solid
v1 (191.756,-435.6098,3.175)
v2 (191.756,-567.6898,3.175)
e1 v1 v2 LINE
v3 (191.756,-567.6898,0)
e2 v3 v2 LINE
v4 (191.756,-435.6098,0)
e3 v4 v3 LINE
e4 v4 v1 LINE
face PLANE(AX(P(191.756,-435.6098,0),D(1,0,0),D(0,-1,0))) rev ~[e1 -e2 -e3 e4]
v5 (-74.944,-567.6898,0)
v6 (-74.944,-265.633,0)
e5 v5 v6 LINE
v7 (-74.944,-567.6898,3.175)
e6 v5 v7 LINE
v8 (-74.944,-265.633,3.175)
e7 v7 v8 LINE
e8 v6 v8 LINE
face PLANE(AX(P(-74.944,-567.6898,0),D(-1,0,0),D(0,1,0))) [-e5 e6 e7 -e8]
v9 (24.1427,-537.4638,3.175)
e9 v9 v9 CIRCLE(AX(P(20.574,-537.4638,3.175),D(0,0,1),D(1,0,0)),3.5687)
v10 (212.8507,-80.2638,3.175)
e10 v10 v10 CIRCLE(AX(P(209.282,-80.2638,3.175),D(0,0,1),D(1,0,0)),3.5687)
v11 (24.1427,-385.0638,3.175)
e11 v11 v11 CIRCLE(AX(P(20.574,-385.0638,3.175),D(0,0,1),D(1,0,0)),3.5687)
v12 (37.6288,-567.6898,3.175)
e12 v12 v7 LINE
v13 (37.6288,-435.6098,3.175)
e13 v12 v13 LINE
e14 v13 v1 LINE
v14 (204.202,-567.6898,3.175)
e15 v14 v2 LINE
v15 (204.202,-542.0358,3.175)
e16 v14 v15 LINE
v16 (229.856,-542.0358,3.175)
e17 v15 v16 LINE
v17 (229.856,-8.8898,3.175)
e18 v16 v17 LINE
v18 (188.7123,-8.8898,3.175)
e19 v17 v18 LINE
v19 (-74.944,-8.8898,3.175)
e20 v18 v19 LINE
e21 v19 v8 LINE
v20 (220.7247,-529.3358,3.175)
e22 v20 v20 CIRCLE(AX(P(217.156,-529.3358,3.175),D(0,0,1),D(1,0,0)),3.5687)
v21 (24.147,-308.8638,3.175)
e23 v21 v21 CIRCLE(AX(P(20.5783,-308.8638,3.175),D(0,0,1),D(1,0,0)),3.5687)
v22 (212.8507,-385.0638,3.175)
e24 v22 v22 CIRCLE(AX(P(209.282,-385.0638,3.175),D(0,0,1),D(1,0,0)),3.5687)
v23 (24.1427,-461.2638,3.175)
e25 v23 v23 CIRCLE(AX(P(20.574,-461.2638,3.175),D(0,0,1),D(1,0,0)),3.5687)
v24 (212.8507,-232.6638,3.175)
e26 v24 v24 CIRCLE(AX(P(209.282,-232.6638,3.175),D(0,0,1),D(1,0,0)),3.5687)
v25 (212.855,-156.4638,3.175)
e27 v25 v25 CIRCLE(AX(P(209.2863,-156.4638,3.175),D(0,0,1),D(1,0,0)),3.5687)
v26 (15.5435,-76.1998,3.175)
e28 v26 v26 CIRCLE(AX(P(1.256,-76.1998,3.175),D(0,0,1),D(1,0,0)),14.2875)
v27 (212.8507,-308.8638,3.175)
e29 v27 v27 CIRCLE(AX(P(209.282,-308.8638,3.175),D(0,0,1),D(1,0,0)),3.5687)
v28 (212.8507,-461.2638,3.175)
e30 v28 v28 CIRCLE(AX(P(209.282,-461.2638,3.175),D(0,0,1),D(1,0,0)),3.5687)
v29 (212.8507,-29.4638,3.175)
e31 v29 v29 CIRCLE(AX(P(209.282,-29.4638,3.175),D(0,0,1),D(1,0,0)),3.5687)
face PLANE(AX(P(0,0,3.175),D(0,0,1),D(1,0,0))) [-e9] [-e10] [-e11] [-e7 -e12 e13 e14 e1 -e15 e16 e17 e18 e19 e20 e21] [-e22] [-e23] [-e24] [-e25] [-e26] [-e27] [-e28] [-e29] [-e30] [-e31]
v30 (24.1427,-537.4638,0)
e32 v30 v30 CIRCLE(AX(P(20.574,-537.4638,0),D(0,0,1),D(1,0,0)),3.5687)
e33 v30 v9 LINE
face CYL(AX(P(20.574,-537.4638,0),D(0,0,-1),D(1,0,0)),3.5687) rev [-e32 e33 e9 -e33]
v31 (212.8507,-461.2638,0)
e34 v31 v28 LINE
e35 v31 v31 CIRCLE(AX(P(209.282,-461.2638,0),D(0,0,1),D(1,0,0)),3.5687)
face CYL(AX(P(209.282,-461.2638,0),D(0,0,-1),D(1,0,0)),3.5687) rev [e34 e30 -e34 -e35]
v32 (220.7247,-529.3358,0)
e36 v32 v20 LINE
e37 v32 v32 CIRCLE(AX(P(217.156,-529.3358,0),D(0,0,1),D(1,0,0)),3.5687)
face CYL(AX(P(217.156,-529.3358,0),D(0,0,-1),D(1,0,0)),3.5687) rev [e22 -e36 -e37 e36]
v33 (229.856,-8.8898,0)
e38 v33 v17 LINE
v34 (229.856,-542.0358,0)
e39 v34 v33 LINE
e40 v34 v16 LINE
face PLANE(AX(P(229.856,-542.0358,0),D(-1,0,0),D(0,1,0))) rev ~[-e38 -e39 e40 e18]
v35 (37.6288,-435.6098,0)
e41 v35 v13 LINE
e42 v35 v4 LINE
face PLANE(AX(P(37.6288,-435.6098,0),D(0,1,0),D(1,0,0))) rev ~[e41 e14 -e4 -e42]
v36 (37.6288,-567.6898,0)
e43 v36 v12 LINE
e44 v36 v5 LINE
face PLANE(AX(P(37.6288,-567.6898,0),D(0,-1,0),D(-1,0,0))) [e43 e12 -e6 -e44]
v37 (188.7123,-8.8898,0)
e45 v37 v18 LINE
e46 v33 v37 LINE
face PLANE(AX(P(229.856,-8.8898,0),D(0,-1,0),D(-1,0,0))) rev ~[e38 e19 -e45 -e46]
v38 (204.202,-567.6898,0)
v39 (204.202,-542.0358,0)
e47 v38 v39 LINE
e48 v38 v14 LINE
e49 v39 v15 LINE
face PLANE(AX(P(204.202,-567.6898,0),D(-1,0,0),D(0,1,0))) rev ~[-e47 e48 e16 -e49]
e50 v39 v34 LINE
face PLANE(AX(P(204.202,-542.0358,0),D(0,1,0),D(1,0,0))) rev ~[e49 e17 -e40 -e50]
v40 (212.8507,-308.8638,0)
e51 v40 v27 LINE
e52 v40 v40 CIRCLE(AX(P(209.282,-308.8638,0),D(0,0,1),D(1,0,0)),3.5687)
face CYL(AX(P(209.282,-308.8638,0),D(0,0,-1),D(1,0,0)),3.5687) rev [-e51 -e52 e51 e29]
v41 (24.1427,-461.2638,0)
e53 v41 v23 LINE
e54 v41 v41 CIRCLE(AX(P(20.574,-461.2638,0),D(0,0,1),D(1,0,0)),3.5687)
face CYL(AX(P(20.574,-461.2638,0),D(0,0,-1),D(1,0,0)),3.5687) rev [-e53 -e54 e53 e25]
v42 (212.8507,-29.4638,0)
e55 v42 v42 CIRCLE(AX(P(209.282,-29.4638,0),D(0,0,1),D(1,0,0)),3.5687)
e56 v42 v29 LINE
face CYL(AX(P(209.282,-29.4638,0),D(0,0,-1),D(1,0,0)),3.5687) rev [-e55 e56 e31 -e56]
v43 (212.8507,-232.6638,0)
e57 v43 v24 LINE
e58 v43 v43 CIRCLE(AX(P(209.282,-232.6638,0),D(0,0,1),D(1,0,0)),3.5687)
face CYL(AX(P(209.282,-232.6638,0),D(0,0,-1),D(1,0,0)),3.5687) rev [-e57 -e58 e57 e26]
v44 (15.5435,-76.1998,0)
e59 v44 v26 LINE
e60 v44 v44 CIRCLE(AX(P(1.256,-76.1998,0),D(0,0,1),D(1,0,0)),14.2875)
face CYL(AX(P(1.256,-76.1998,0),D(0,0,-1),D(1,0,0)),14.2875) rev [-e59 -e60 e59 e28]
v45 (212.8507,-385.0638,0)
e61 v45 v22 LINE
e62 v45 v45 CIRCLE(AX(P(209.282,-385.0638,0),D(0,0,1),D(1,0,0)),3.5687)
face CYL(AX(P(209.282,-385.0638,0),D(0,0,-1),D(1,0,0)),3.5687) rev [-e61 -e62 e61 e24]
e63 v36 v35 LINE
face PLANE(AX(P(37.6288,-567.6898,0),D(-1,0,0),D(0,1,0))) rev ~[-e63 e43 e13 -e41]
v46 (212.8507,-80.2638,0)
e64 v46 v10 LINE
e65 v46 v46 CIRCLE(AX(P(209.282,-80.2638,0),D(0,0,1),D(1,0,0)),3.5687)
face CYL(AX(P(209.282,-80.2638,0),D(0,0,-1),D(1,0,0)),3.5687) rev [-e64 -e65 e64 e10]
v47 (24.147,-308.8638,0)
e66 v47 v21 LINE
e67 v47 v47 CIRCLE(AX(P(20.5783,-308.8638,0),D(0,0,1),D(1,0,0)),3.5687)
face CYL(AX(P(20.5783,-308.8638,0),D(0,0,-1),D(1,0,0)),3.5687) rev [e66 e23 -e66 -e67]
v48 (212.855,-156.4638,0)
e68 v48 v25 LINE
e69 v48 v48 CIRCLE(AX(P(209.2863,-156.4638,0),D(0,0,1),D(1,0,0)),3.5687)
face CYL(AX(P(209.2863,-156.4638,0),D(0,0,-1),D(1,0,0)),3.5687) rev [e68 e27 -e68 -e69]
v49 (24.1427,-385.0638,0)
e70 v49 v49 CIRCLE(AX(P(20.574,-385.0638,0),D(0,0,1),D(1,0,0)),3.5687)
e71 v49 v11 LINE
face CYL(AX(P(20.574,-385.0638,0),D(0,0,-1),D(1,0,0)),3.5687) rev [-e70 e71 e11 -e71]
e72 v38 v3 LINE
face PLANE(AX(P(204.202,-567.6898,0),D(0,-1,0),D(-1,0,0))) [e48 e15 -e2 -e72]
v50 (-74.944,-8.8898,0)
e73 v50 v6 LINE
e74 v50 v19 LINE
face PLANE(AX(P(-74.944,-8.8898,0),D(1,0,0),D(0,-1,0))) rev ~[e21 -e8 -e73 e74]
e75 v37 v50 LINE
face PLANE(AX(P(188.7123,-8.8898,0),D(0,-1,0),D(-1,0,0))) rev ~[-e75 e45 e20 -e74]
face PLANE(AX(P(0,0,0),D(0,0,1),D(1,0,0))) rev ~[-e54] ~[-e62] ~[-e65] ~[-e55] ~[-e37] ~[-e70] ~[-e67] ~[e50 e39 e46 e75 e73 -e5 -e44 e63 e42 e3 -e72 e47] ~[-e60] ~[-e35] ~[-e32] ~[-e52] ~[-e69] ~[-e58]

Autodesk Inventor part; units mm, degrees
ref_plane "YZ Plane" through (0, 0, 0) normal (1, 0, 0) x (0, 1, 0)
ref_plane "XZ Plane" through (0, 0, 0) normal (0, 1, 0) x (-1, 0, 0)
ref_plane "XY Plane" through (0, 0, 0) normal (0, 0, 1) x (1, 0, 0)
sketch "Sketch1" plane through (0, 0, 0) normal (0, 0, 1) x (1, 0, 0)
  line L0 (229.6952, -414.7737) -> (228.902, -414.7737)
  line L1 (204.202, -567.6898) -> (204.202, -542.0358)
  line L2 (204.202, -542.0358) -> (229.856, -542.0358)
  line L3 (204.202, -567.6898) -> (-74.944, -567.6898)
  line L4 (-74.944, -567.6898) -> (-74.944, -265.633)
  line L5 (229.856, -542.0358) -> (229.856, -8.8898)
  line L6 (229.856, -8.8898) -> (188.7123, -8.8898)
  circle A0 centre (20.5783, -308.8638) radius 3.5687
  circle A1 centre (20.574, -385.0638) radius 3.5687
  circle A2 centre (20.574, -461.2638) radius 3.5687
  circle A3 centre (20.574, -537.4638) radius 3.5687
  circle A4 centre (217.156, -529.3358) radius 3.5687
  circle A5 centre (209.282, -461.2638) radius 3.5687
  circle A6 centre (209.282, -385.0638) radius 3.5687
  circle A7 centre (209.282, -308.8638) radius 3.5687
  circle A8 centre (209.282, -232.6638) radius 3.5687
  circle A9 centre (209.2863, -156.4638) radius 3.5687
  circle A10 centre (209.282, -80.2638) radius 3.5687
  circle A11 centre (209.282, -29.4638) radius 3.5687
  line L7 (229.856, -8.8898) -> (-74.944, -8.8898)
  line L8 (-74.944, -8.8898) -> (-74.944, -567.6898)
  line L9 (191.756, -567.6898) -> (37.6288, -567.6898)
  line L10 (37.6288, -567.6898) -> (37.6288, -435.6098)
  line L11 (37.6288, -435.6098) -> (191.756, -435.6098)
  line L12 (191.756, -435.6098) -> (191.756, -567.6898)
  circle A12 centre (1.256, -76.1998) radius 189.4332 construction
  circle A13 centre (1.256, -76.1998) radius 14.2875
  point P0 (0, 0)
  dimension "d0" = 25.654
  dimension "d3" = 558.8
  dimension "d5" = 76.2
  dimension "d6" = 20.5697
  dimension "d7" = 20.574
  dimension "d9" = 76.2
  dimension "d10" = 76.2
  dimension "d11" = 76.2
  dimension "d12" = 76.2
  dimension "d13" = 25.654
  dimension "d14" = 12.7
  dimension "d15" = 76.2
  dimension "d16" = 76.2
  dimension "d17" = 76.2
  dimension "d18" = 43.2308
  dimension "d23" = 7.1374
  dimension "d24" = 7.1374
  dimension "d25" = 7.1374
  dimension "d26" = 7.1374
  dimension "d27" = 7.1374
  dimension "d28" = 7.1374
  dimension "d29" = 7.1374
  dimension "d30" = 7.1374
  dimension "d31" = 7.1374
  dimension "d32" = 7.1374
  dimension "d33" = 7.1374
  dimension "d34" = 7.1374
  dimension "d35" = 304.8
  dimension "d36" = 12.7
  dimension "d37" = 106.426
  dimension "d38" = 188.7037
  dimension "d39" = 188.708
  dimension "d40" = 188.708
  dimension "d41" = 188.708
  dimension "d42" = 20.574
  dimension "d43" = 20.574
  dimension "d44" = 20.574
  dimension "d45" = 30.226
  dimension "d46" = 20.574
  dimension "d47" = 12.446
  dimension "d48" = 154.1272
  dimension "d49" = 132.08
  dimension "d50" = 378.8664
  dimension "d51" = 76.2
  dimension "d56" = 491.49
  dimension "d57" = 28.575
  dimension "d61" = 50.8
extrude "Extrusion1" add sketch "Sketch1" along normal blind 3.175 contours L3 L12 L11 L10 L4 L8 L7 L6 L5 L2 L1
sketch "Sketch2" plane through (0, 0, 3.175) normal (0, 0, 1) x (1, 0, 0)
  point P0 (0, 0)
properties part number "GearboxPlateRev3"
